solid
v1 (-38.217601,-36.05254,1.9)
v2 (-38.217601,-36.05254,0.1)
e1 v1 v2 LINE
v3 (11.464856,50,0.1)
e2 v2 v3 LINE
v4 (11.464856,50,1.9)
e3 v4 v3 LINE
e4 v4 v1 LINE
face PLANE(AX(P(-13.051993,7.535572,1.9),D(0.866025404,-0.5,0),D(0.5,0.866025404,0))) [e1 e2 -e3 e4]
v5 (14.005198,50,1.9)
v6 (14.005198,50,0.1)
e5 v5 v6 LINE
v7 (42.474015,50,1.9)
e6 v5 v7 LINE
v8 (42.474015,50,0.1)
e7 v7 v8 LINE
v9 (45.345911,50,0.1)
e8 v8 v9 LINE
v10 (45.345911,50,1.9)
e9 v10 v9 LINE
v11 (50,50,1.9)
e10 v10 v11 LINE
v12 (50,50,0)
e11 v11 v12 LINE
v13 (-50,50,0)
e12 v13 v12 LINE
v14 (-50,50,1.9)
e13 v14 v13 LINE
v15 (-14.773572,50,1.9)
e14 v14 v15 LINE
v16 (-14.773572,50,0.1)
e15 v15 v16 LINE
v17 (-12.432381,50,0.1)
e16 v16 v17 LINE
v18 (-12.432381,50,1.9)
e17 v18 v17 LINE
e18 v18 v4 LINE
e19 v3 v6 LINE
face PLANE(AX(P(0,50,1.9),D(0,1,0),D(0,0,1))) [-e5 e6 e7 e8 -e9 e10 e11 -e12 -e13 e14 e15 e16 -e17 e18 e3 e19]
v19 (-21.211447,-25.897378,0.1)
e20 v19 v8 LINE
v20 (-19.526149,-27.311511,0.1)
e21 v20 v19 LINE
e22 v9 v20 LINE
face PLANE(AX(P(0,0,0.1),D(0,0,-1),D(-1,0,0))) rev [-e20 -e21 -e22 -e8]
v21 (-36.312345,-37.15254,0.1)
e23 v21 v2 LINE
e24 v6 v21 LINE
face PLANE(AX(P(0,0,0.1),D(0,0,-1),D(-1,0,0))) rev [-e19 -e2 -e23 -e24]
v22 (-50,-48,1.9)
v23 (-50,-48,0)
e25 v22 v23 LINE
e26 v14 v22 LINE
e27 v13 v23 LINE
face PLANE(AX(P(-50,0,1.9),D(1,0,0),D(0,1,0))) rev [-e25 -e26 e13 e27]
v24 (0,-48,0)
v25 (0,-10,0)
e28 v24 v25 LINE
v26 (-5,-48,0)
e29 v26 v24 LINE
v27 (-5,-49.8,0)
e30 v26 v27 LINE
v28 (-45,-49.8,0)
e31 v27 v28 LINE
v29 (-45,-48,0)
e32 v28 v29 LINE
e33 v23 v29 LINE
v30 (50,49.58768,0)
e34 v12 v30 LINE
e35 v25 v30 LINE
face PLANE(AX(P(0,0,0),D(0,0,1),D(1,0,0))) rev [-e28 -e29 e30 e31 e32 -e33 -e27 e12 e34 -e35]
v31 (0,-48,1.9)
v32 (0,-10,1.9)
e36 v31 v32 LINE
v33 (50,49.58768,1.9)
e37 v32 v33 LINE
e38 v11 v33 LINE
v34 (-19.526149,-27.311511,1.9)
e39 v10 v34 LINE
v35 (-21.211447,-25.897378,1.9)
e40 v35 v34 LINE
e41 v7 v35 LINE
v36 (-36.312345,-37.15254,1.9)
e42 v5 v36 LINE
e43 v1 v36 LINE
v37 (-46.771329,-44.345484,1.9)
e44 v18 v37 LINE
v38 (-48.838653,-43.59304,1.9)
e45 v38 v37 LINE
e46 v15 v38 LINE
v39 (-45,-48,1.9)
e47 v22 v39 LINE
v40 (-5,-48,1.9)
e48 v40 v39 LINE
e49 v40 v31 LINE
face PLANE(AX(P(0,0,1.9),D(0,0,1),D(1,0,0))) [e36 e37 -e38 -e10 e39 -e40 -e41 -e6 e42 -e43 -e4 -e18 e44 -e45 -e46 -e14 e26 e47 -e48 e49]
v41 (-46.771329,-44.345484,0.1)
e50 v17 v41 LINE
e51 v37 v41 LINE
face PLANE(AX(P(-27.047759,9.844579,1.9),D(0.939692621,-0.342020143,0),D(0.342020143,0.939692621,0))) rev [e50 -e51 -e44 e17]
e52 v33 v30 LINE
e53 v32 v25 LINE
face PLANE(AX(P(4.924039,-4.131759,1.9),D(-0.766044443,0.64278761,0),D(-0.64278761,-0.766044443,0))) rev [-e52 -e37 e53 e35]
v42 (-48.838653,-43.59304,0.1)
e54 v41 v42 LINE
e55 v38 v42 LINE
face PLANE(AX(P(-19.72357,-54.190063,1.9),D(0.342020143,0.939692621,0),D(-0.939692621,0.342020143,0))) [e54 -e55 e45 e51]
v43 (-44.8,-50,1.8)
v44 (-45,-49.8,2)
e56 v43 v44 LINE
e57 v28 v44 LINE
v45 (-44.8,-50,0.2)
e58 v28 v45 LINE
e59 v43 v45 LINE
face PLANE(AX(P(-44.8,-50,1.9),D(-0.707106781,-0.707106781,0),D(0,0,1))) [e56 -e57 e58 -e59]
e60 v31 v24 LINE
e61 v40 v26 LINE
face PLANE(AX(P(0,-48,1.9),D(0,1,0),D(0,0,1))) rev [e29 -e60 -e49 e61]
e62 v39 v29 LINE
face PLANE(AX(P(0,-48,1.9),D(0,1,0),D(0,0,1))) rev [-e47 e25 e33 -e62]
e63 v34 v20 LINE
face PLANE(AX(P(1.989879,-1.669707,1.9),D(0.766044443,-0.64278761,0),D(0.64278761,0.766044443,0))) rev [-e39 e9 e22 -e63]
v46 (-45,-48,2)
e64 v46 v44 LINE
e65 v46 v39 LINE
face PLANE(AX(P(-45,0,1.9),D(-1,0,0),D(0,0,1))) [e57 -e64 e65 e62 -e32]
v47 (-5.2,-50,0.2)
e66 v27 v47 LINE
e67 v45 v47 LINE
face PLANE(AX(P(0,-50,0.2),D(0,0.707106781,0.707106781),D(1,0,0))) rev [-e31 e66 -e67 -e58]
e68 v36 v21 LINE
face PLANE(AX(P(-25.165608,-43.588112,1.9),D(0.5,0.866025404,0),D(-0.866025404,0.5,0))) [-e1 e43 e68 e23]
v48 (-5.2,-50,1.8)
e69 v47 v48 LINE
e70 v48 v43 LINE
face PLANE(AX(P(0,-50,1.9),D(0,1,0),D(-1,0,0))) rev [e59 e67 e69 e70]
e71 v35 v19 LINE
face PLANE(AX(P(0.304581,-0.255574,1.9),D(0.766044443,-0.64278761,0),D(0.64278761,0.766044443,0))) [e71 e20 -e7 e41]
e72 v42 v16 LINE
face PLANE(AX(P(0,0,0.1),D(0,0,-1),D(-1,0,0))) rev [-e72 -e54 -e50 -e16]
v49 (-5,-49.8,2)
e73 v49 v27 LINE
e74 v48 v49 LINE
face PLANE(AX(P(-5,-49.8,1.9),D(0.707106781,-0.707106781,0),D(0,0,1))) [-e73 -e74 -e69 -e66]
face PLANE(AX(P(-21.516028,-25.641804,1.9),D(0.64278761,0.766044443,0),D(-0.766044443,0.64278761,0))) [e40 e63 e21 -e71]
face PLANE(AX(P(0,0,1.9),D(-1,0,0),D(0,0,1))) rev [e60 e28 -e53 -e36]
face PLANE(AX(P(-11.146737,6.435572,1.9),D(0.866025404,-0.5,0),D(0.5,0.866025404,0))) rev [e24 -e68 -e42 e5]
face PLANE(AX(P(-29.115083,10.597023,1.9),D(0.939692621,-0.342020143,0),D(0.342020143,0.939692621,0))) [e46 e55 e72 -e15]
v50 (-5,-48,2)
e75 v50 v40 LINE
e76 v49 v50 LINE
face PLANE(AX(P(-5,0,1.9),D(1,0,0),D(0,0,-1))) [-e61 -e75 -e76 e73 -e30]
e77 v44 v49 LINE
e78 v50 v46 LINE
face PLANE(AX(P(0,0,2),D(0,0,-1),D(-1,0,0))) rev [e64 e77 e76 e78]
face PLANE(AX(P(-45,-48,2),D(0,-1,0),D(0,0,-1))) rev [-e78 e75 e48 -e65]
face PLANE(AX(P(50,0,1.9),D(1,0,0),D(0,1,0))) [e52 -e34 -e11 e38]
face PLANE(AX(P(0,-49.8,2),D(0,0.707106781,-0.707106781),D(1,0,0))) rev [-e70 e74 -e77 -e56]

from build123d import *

# Parameters (mm, degrees)
BOSS_EXTRUDE1_DEPTH = 1.9
BOSS_EXTRUDE5_DEPTH = 0.1
SKETCH6_W           = 40
SKETCH6_H           = 2
BOSS_EXTRUDE6_DEPTH = 0.1
CHAMFER2_SIZE       = 0.2


with BuildPart() as part:
    # Sketch1 → Boss-Extrude1 (new body)
    with BuildSketch(Plane.XY):
        Polygon((-36.312345137, -37.152540378), (-38.217601025, -36.052540378), (11.464856327, 50), (-12.432381024, 50), (-46.771329023, -44.345484236), (-48.838652789, -43.593039921), (-14.773572123, 50), (-50, 50), (-50, -48), (-45, -48), (-45, -50), (-5, -50), (-5, -48), (0, -48), (0, -10), (50, 49.58767963), (50, 50), (45.345911136, 50), (-19.526148963, -27.311510683), (-21.211446738, -25.897377941), (42.474015099, 50), (14.005197511, 50), align=None)
    extrude(amount=BOSS_EXTRUDE1_DEPTH)

    # Sketch2 → Boss-Extrude5 (add)
    with BuildSketch(Plane(origin=(0, 0, 0), x_dir=(-1, 0, 0), z_dir=(0, 0, -1))):
        Polygon((-45.345911136, 50), (-42.474015099, 50), (21.211446738, -25.897377941), (19.526148963, -27.311510683), align=None)
        Polygon((-14.005197511, 50), (36.312345137, -37.152540378), (38.217601025, -36.052540378), (-11.464856327, 50), align=None)
        Polygon((12.432381024, 50), (14.773572123, 50), (48.838652789, -43.593039921), (46.771329023, -44.345484236), align=None)
    extrude(amount=-BOSS_EXTRUDE5_DEPTH)

    # Sketch6 → Boss-Extrude6 (add)
    with BuildSketch(Plane.XY.offset(1.9)):
        with Locations((-25, -49)):
            Rectangle(SKETCH6_W, SKETCH6_H)
    extrude(amount=BOSS_EXTRUDE6_DEPTH)

    # Chamfer2
    chamfer2_edges = [part.edges().sort_by_distance(p)[0] for p in [
        (-25, -50, 2),
        (-25, -50, 0),
        (-5, -50, 1),
        (-45, -50, 1),
    ]]
    chamfer(chamfer2_edges, length=CHAMFER2_SIZE)


solid = part.part
